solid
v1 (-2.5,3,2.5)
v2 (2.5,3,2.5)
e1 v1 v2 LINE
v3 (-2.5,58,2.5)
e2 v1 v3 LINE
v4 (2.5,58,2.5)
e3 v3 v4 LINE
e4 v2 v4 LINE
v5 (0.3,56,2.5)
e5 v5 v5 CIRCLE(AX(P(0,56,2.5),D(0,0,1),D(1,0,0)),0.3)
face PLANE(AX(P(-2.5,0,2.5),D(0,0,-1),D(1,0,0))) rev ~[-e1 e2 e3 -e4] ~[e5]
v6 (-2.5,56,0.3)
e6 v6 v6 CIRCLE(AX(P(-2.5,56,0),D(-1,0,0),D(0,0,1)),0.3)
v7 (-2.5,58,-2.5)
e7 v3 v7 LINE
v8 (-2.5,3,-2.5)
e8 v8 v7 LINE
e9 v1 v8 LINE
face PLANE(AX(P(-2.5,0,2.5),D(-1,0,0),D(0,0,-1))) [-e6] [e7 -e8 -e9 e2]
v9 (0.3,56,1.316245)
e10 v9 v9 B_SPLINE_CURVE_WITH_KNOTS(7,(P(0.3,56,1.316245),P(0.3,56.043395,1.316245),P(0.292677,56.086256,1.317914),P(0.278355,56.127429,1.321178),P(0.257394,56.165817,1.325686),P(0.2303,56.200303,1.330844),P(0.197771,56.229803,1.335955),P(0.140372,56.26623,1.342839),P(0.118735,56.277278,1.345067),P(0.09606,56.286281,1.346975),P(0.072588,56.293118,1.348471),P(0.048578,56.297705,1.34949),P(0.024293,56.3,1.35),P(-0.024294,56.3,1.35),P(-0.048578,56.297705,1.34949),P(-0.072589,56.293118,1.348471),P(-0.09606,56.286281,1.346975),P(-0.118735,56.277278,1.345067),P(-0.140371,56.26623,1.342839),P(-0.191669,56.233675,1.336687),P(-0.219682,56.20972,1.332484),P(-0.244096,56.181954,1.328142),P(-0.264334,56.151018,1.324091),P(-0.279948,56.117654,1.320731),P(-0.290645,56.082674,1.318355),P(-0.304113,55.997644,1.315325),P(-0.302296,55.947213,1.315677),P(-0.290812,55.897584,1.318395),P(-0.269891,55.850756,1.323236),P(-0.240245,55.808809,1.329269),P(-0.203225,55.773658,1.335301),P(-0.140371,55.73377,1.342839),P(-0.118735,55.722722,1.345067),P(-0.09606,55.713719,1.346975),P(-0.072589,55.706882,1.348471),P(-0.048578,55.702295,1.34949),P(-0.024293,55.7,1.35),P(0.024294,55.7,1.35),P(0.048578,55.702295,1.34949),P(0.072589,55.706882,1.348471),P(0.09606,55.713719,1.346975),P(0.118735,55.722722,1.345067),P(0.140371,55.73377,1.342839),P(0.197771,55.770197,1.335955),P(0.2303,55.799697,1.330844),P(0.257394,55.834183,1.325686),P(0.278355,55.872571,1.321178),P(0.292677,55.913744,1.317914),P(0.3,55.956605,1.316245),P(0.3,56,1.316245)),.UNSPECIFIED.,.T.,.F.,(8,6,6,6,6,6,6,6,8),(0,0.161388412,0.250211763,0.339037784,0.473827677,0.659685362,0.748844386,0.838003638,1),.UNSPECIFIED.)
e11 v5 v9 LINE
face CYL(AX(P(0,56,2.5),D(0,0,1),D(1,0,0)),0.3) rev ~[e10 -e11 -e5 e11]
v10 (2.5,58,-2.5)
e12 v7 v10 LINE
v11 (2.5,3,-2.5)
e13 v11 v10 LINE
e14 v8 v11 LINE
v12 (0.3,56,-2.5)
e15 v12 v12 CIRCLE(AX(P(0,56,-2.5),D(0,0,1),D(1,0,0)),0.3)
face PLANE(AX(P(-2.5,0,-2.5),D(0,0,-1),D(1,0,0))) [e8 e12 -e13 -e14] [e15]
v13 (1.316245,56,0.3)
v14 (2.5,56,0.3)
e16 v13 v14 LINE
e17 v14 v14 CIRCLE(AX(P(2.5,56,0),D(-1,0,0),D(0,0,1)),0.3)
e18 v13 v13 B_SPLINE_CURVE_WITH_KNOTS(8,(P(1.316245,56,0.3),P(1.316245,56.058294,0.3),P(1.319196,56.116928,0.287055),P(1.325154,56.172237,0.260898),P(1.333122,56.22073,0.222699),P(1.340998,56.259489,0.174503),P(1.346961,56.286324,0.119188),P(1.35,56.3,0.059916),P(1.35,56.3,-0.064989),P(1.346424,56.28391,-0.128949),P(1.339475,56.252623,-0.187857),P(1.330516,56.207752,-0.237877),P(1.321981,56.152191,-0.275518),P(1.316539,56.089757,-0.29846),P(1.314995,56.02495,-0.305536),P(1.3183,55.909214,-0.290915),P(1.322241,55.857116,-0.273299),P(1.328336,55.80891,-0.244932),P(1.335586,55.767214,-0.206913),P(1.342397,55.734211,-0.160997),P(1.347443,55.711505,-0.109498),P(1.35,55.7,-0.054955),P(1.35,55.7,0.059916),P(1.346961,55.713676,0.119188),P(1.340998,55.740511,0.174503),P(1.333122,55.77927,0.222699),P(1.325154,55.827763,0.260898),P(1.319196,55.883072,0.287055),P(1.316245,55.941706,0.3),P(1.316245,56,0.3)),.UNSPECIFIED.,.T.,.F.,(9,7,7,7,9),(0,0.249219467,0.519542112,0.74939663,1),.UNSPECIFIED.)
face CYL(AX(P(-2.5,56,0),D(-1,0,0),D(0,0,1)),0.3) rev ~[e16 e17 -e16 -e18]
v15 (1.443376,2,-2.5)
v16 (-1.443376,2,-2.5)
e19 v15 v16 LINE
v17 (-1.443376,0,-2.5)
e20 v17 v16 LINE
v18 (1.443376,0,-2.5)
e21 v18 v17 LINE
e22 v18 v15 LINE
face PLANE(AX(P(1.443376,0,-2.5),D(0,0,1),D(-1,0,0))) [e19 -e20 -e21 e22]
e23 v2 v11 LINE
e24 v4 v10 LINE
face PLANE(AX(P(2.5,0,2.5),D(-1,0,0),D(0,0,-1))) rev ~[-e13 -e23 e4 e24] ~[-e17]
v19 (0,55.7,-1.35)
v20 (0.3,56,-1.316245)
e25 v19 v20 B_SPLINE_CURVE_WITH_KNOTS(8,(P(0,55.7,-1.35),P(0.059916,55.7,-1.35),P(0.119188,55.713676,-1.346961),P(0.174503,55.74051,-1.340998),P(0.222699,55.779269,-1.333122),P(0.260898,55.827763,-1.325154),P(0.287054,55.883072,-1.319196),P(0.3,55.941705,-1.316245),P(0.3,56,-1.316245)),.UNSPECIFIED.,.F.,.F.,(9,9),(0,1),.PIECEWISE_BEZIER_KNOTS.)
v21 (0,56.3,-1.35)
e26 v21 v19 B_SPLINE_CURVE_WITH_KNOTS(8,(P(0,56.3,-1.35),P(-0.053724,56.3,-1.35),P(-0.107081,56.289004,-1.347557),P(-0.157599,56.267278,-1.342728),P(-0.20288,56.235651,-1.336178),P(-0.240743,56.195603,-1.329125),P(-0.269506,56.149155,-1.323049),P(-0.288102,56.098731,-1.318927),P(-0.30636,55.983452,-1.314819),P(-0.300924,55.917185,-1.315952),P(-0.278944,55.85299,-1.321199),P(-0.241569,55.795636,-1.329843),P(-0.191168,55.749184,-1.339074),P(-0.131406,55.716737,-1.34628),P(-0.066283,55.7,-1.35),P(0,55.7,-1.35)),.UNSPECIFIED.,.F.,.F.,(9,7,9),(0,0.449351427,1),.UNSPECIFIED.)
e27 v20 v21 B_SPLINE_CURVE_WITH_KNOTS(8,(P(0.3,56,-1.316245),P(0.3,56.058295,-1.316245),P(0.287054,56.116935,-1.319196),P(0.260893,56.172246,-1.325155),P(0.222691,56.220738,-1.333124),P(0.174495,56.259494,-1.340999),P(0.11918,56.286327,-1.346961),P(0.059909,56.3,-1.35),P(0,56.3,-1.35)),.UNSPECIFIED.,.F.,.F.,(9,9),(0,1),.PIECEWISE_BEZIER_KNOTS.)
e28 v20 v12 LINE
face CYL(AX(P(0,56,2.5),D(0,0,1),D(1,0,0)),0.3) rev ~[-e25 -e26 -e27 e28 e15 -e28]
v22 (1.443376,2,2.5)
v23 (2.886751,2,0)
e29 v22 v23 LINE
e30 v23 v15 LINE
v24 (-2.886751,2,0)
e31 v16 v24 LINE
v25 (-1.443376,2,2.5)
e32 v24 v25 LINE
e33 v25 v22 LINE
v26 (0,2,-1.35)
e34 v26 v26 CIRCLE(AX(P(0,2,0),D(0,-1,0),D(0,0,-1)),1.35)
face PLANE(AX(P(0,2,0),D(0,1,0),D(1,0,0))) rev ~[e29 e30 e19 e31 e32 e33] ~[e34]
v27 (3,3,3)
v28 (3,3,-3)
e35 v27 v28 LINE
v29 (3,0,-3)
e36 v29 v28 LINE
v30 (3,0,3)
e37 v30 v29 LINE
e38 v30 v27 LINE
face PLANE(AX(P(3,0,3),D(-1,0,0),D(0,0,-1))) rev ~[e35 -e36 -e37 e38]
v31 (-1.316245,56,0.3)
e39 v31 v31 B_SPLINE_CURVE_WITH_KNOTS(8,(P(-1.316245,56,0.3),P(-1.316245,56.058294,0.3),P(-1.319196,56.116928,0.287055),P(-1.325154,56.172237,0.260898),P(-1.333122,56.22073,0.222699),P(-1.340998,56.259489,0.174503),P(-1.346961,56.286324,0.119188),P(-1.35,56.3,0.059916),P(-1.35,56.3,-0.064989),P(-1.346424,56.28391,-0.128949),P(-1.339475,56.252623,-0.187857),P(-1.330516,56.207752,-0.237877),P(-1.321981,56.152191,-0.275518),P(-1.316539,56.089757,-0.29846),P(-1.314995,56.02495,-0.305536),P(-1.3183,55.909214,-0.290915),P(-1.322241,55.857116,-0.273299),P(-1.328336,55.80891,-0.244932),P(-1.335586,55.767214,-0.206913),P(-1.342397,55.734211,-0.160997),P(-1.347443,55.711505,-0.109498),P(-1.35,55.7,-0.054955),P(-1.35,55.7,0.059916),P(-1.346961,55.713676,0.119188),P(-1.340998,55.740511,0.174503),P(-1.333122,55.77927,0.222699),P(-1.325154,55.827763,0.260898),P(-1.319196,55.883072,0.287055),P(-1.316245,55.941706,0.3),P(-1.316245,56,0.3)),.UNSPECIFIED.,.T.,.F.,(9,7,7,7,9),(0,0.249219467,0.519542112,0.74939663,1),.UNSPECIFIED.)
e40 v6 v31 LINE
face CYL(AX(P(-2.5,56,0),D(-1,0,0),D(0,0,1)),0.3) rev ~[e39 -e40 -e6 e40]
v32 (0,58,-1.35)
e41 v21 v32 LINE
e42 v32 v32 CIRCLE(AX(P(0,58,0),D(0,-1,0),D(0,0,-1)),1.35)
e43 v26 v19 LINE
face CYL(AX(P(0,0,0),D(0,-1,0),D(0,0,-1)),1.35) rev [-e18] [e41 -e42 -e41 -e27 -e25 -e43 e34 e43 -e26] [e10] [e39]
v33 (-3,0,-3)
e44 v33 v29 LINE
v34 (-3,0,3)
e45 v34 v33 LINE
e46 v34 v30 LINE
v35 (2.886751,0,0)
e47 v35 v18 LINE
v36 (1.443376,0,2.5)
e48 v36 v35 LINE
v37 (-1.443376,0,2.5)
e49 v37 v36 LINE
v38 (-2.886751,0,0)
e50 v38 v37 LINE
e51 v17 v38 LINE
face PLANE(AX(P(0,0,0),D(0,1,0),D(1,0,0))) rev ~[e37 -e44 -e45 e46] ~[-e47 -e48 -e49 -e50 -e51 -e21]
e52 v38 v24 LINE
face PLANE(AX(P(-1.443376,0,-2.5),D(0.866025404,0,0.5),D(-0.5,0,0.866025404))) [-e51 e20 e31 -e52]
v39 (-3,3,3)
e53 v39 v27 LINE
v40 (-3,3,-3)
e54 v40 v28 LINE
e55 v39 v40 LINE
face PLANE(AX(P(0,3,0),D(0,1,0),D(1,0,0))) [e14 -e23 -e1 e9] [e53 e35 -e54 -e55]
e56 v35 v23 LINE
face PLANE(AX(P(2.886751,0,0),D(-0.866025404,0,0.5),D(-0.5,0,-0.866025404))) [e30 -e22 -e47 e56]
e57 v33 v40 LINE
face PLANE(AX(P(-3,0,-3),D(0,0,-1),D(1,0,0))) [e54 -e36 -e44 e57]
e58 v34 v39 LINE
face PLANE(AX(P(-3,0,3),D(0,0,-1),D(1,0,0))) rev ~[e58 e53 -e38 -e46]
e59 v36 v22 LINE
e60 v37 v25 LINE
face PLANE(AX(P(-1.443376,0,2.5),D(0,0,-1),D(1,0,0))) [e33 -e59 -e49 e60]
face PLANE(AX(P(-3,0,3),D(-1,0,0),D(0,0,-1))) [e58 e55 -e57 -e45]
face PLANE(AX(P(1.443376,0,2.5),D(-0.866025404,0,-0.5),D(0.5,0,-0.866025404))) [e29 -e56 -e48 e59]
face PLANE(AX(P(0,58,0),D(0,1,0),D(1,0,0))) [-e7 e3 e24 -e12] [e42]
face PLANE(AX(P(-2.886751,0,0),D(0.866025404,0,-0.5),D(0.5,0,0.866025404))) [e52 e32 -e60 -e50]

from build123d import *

# Parameters (mm, degrees)
SKETCH_1_W          = 5
SKETCH_1_H          = 5
EXTRUDE_1_DEPTH     = 58
SKETCH_1_5_W        = 6
SKETCH_1_5_H        = 6
EXTRUDE_2_DEPTH     = 3
SKETCH_1_3_R        = 1.35
CUT_EXTRUDE_1_DEPTH = 59.154965394
CUT_EXTRUDE_2_DEPTH = 2
SKETCH_3_R          = 0.3
CUT_EXTRUDE_3_DEPTH = 59.337380812
SKETCH_4_R          = 0.3
CUT_EXTRUDE_4_DEPTH = 59.337380911


with BuildPart() as part:
    # 草图1 → 凸台-拉伸1 (new body)
    with BuildSketch(Plane(origin=(0, 0, 0), x_dir=(1, 0, 0), z_dir=(0, 1, 0))):
        Rectangle(SKETCH_1_W, SKETCH_1_H)
    extrude(amount=EXTRUDE_1_DEPTH)

    # 草图1<5> → 凸台-拉伸2 (add)
    with BuildSketch(Plane(origin=(0, 0, 0), x_dir=(1, 0, 0), z_dir=(0, 1, 0))):
        Rectangle(SKETCH_1_5_W, SKETCH_1_5_H)
    extrude(amount=EXTRUDE_2_DEPTH)

    # 草图1<3> → 切除-拉伸1 (cut, through all)
    with BuildSketch(Plane(origin=(0, 0, 0), x_dir=(1, 0, 0), z_dir=(0, 1, 0))):
        Circle(SKETCH_1_3_R)
    extrude(amount=CUT_EXTRUDE_1_DEPTH, mode=Mode.SUBTRACT)

    # 草图1<4> → 切除-拉伸2 (cut)
    with BuildSketch(Plane(origin=(0, 0, 0), x_dir=(1, 0, 0), z_dir=(0, 1, 0))):
        Polygon((2.886751346, 0), (1.443375673, 2.5), (-1.443375673, 2.5), (-2.886751346, 0), (-1.443375673, -2.5), (1.443375673, -2.5), align=None)
    extrude(amount=CUT_EXTRUDE_2_DEPTH, mode=Mode.SUBTRACT)

    # 草图3 → 切除-拉伸3 (cut, through all)
    with BuildSketch(Plane.XY.offset(2.5)):
        with Locations((0, 56)):
            Circle(SKETCH_3_R)
    extrude(amount=-CUT_EXTRUDE_3_DEPTH, mode=Mode.SUBTRACT)

    # 草图4 → 切除-拉伸4 (cut, through all)
    with BuildSketch(Plane.ZY.offset(2.5)):
        with Locations((0, 56)):
            Circle(SKETCH_4_R)
    extrude(amount=-CUT_EXTRUDE_4_DEPTH, mode=Mode.SUBTRACT)


solid = part.part
